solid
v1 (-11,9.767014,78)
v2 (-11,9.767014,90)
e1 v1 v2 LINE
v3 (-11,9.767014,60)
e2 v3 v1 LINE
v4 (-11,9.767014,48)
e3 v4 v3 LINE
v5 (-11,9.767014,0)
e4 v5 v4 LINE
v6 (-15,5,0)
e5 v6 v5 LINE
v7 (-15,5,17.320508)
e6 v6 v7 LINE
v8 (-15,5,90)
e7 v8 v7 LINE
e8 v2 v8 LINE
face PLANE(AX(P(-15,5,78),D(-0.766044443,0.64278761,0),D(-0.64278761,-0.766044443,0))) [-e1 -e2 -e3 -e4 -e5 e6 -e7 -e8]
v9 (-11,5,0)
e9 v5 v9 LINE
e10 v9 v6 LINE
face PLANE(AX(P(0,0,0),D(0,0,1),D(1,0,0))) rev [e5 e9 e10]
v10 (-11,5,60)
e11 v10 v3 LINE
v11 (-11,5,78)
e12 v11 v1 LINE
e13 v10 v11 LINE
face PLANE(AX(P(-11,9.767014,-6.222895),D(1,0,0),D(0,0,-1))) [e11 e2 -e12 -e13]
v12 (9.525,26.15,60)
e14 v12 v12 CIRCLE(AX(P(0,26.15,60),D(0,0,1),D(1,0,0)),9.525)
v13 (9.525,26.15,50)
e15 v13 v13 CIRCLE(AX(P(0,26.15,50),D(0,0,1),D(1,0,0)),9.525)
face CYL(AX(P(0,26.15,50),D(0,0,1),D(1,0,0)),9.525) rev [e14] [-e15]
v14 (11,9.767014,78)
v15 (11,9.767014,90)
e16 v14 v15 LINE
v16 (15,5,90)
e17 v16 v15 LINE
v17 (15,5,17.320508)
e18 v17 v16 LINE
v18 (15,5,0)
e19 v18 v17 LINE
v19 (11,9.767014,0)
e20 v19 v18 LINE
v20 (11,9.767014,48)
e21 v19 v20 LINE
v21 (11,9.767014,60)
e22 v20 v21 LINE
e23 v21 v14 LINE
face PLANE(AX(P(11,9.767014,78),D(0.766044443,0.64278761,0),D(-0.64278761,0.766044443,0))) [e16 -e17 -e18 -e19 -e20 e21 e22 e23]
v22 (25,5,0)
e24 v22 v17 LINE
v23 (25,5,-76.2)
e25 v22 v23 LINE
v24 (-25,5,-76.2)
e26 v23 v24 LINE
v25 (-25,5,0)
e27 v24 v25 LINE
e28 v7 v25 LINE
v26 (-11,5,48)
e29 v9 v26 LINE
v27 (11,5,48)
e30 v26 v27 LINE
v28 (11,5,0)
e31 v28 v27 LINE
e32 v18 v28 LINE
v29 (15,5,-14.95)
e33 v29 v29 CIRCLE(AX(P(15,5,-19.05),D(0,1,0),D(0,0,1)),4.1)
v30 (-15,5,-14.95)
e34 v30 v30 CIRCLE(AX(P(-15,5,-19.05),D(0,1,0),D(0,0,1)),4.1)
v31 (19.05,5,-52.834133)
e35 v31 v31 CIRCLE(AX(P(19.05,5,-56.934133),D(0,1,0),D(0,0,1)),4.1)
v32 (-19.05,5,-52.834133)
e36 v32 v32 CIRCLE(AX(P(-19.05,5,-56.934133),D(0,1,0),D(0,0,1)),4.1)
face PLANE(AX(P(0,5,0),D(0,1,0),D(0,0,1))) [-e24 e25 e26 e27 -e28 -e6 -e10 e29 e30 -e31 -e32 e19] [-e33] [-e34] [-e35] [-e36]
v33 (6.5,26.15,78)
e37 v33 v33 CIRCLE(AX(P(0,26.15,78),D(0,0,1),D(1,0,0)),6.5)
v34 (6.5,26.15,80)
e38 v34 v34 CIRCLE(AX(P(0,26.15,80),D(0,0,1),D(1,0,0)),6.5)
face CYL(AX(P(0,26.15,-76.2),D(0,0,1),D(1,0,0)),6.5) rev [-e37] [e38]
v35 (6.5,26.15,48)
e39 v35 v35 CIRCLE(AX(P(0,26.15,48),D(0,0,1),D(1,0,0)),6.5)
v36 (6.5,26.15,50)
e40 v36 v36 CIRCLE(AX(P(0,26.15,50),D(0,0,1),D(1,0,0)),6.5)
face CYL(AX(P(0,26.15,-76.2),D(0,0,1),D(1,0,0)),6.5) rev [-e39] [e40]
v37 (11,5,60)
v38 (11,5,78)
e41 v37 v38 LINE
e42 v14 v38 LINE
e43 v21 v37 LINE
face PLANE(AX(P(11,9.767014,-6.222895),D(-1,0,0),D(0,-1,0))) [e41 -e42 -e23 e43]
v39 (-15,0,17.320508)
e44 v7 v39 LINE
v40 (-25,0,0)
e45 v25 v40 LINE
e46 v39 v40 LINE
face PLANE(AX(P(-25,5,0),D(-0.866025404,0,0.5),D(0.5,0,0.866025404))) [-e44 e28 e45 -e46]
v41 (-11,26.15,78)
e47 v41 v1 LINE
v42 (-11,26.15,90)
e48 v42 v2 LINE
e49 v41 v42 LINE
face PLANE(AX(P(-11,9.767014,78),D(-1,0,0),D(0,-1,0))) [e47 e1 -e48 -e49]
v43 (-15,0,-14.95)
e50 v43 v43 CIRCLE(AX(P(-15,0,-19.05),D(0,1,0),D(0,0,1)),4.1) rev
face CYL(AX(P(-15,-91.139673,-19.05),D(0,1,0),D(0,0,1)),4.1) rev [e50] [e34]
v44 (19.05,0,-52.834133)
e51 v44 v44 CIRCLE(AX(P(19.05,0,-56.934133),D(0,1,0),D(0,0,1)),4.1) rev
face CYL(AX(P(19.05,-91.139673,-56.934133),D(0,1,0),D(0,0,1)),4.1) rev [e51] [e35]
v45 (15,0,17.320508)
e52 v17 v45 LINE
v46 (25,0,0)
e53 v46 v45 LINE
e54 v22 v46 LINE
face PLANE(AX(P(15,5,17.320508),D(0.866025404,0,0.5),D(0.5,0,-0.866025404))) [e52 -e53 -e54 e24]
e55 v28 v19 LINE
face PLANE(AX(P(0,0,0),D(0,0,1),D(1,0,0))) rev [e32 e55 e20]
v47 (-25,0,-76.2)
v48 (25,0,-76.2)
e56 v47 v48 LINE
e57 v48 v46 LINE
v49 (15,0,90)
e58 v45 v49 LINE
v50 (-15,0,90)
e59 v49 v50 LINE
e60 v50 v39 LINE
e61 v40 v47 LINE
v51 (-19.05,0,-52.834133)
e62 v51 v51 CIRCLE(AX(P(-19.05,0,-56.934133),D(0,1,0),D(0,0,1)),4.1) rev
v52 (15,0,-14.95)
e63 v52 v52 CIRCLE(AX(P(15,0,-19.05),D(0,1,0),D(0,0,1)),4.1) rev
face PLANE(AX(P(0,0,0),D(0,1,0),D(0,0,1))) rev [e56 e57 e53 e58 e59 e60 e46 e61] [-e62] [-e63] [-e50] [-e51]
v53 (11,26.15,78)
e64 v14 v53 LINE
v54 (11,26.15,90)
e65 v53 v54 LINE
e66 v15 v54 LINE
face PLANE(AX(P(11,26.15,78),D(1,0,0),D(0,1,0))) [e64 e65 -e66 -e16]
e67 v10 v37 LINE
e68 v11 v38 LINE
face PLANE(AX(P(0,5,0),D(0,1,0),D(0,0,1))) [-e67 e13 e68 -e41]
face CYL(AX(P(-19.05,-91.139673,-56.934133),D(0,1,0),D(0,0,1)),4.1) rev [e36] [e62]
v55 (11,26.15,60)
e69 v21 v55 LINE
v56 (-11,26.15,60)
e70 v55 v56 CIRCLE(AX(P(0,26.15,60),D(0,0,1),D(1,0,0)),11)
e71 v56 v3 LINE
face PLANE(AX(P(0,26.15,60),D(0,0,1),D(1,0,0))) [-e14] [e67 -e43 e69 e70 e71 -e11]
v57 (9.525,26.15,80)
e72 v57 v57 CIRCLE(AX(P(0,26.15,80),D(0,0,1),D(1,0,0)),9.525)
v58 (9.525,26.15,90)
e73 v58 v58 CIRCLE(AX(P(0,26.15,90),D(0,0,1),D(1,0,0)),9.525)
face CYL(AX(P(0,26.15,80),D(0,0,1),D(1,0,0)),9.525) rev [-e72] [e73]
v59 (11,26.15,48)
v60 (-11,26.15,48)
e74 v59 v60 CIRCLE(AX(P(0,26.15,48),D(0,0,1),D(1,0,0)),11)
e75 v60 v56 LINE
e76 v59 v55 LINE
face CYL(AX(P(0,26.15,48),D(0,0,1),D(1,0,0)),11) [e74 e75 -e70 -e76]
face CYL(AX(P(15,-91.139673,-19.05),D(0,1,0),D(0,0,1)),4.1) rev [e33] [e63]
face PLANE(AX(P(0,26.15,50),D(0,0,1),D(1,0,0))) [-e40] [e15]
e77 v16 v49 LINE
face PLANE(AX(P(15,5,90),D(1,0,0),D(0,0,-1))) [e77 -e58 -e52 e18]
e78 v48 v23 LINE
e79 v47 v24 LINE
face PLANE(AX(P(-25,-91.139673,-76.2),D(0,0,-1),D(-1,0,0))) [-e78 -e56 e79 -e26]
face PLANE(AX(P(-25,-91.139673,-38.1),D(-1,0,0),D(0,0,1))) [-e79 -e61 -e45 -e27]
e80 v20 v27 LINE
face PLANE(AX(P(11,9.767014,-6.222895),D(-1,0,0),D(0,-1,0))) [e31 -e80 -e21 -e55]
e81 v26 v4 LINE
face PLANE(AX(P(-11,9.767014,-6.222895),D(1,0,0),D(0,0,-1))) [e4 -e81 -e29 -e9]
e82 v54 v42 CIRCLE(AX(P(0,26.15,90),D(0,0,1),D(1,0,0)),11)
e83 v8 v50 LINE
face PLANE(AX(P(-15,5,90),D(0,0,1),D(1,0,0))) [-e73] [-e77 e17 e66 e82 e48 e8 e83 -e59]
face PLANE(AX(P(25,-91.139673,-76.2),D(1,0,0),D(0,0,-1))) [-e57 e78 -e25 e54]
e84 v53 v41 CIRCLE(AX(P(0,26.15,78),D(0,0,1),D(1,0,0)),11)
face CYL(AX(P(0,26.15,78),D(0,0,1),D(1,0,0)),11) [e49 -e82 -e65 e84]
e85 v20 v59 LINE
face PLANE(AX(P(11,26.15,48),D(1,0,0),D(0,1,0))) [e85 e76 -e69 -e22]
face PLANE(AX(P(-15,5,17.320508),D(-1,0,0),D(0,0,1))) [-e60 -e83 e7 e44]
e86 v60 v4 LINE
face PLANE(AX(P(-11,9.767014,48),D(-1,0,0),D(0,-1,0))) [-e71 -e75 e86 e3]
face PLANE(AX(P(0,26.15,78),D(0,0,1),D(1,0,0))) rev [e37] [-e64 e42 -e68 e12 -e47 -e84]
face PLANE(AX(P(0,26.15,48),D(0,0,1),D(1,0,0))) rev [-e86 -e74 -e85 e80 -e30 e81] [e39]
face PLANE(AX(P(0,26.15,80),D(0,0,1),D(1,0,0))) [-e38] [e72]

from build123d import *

# Parameters (mm, degrees)
BOSS_EXTRU_7_DEPTH         = 5
BOSS_EXTRU_8_DEPTH         = 12
ESQUISSE25_R               = 9.525
ENL_V_MAT_EXTRU_1_DEPTH    = 10
R_P_TITION_LIN_AIRE2_COUNT = 2
R_P_TITION_LIN_AIRE2_PITCH = 30
ESQUISSE22_R               = 4.1
BOSS_EXTRU_9_DEPTH         = 5
ESQUISSE26_R               = 6.5
ENL_V_MAT_EXTRU_2_DEPTH    = 163.491730559
BOSS_EXTRU_10_START        = -90
BOSS_EXTRU_10_DEPTH        = 78


with BuildPart() as part:
    # Esquisse20 → Boss.-Extru.7 (new body)
    with BuildSketch(Plane.XZ):
        Polygon((-25, 0), (-15, 17.320508076), (-15, 90), (15, 90), (15, 17.320508076), (25, 0), align=None)
    extrude(amount=-BOSS_EXTRU_7_DEPTH)

    # Esquisse21 → Boss.-Extru.8 (add)
    with BuildSketch(Plane.XY.offset(90)):
        with BuildLine():
            Line((-15, 5), (-11, 9.76701437))
            Line((-11, 9.76701437), (-11, 26.15))
            ThreePointArc((-11, 26.15), (0, 37.15), (11, 26.15))
            Line((11, 26.15), (11, 9.76701437))
            Line((11, 9.76701437), (15, 5))
            Line((15, 5), (-15, 5))
        make_face()
    boss_extru_8 = extrude(amount=-BOSS_EXTRU_8_DEPTH)

    # Esquisse25 → Enlèv. mat.-Extru.1 (cut)
    with BuildSketch(Plane.XY.offset(90)):
        with Locations((0, 26.15)):
            Circle(ESQUISSE25_R)
    enl_v_mat_extru_1 = extrude(amount=-ENL_V_MAT_EXTRU_1_DEPTH, mode=Mode.SUBTRACT)

    # Répétition linéaire2: Boss.-Extru.8, Enlèv. mat.-Extru.1 ×2
    with Locations(*[(0, 0, -i * R_P_TITION_LIN_AIRE2_PITCH) for i in range(1, R_P_TITION_LIN_AIRE2_COUNT)]):
        add(boss_extru_8)
        add(enl_v_mat_extru_1, mode=Mode.SUBTRACT)

    # Esquisse22 → Boss.-Extru.9 (add)
    with BuildSketch(Plane(origin=(0, 5, 0), x_dir=(1, 0, 0), z_dir=(0, 1, 0))):
        Polygon((-25, 0), (25, 0), (25, 38.1), (25, 76.2), (-25, 76.2), (-25, 38.1), align=None)
        with Locations(Location((-15, 19.05, 0), (0, 0, 270))):
            Circle(ESQUISSE22_R, mode=Mode.SUBTRACT)
        with Locations(Location((15, 19.05, 0), (0, 0, 270))):
            Circle(ESQUISSE22_R, mode=Mode.SUBTRACT)
        with Locations(Location((19.05, 56.934132562, 0), (0, 0, 270))):
            Circle(ESQUISSE22_R, mode=Mode.SUBTRACT)
        with Locations(Location((-19.05, 56.934132562, 0), (0, 0, 270))):
            Circle(ESQUISSE22_R, mode=Mode.SUBTRACT)
    extrude(amount=-BOSS_EXTRU_9_DEPTH)

    # Esquisse26 → Enlèv. mat.-Extru.2 (cut, through all)
    with BuildSketch(Plane.XY.offset(80)):
        with Locations((0, 26.15)):
            Circle(ESQUISSE26_R)
    extrude(amount=-ENL_V_MAT_EXTRU_2_DEPTH, mode=Mode.SUBTRACT)

    # Esquisse27 → Boss.-Extru.10 (add)
    with BuildSketch(Plane.XY.offset(90).offset(BOSS_EXTRU_10_START)):
        Polygon((-11, 9.76701437), (-11, 5), (-15, 5), align=None)
        Polygon((15, 5), (11, 9.76701437), (11, 5), align=None)
    extrude(amount=BOSS_EXTRU_10_DEPTH)


solid = part.part
